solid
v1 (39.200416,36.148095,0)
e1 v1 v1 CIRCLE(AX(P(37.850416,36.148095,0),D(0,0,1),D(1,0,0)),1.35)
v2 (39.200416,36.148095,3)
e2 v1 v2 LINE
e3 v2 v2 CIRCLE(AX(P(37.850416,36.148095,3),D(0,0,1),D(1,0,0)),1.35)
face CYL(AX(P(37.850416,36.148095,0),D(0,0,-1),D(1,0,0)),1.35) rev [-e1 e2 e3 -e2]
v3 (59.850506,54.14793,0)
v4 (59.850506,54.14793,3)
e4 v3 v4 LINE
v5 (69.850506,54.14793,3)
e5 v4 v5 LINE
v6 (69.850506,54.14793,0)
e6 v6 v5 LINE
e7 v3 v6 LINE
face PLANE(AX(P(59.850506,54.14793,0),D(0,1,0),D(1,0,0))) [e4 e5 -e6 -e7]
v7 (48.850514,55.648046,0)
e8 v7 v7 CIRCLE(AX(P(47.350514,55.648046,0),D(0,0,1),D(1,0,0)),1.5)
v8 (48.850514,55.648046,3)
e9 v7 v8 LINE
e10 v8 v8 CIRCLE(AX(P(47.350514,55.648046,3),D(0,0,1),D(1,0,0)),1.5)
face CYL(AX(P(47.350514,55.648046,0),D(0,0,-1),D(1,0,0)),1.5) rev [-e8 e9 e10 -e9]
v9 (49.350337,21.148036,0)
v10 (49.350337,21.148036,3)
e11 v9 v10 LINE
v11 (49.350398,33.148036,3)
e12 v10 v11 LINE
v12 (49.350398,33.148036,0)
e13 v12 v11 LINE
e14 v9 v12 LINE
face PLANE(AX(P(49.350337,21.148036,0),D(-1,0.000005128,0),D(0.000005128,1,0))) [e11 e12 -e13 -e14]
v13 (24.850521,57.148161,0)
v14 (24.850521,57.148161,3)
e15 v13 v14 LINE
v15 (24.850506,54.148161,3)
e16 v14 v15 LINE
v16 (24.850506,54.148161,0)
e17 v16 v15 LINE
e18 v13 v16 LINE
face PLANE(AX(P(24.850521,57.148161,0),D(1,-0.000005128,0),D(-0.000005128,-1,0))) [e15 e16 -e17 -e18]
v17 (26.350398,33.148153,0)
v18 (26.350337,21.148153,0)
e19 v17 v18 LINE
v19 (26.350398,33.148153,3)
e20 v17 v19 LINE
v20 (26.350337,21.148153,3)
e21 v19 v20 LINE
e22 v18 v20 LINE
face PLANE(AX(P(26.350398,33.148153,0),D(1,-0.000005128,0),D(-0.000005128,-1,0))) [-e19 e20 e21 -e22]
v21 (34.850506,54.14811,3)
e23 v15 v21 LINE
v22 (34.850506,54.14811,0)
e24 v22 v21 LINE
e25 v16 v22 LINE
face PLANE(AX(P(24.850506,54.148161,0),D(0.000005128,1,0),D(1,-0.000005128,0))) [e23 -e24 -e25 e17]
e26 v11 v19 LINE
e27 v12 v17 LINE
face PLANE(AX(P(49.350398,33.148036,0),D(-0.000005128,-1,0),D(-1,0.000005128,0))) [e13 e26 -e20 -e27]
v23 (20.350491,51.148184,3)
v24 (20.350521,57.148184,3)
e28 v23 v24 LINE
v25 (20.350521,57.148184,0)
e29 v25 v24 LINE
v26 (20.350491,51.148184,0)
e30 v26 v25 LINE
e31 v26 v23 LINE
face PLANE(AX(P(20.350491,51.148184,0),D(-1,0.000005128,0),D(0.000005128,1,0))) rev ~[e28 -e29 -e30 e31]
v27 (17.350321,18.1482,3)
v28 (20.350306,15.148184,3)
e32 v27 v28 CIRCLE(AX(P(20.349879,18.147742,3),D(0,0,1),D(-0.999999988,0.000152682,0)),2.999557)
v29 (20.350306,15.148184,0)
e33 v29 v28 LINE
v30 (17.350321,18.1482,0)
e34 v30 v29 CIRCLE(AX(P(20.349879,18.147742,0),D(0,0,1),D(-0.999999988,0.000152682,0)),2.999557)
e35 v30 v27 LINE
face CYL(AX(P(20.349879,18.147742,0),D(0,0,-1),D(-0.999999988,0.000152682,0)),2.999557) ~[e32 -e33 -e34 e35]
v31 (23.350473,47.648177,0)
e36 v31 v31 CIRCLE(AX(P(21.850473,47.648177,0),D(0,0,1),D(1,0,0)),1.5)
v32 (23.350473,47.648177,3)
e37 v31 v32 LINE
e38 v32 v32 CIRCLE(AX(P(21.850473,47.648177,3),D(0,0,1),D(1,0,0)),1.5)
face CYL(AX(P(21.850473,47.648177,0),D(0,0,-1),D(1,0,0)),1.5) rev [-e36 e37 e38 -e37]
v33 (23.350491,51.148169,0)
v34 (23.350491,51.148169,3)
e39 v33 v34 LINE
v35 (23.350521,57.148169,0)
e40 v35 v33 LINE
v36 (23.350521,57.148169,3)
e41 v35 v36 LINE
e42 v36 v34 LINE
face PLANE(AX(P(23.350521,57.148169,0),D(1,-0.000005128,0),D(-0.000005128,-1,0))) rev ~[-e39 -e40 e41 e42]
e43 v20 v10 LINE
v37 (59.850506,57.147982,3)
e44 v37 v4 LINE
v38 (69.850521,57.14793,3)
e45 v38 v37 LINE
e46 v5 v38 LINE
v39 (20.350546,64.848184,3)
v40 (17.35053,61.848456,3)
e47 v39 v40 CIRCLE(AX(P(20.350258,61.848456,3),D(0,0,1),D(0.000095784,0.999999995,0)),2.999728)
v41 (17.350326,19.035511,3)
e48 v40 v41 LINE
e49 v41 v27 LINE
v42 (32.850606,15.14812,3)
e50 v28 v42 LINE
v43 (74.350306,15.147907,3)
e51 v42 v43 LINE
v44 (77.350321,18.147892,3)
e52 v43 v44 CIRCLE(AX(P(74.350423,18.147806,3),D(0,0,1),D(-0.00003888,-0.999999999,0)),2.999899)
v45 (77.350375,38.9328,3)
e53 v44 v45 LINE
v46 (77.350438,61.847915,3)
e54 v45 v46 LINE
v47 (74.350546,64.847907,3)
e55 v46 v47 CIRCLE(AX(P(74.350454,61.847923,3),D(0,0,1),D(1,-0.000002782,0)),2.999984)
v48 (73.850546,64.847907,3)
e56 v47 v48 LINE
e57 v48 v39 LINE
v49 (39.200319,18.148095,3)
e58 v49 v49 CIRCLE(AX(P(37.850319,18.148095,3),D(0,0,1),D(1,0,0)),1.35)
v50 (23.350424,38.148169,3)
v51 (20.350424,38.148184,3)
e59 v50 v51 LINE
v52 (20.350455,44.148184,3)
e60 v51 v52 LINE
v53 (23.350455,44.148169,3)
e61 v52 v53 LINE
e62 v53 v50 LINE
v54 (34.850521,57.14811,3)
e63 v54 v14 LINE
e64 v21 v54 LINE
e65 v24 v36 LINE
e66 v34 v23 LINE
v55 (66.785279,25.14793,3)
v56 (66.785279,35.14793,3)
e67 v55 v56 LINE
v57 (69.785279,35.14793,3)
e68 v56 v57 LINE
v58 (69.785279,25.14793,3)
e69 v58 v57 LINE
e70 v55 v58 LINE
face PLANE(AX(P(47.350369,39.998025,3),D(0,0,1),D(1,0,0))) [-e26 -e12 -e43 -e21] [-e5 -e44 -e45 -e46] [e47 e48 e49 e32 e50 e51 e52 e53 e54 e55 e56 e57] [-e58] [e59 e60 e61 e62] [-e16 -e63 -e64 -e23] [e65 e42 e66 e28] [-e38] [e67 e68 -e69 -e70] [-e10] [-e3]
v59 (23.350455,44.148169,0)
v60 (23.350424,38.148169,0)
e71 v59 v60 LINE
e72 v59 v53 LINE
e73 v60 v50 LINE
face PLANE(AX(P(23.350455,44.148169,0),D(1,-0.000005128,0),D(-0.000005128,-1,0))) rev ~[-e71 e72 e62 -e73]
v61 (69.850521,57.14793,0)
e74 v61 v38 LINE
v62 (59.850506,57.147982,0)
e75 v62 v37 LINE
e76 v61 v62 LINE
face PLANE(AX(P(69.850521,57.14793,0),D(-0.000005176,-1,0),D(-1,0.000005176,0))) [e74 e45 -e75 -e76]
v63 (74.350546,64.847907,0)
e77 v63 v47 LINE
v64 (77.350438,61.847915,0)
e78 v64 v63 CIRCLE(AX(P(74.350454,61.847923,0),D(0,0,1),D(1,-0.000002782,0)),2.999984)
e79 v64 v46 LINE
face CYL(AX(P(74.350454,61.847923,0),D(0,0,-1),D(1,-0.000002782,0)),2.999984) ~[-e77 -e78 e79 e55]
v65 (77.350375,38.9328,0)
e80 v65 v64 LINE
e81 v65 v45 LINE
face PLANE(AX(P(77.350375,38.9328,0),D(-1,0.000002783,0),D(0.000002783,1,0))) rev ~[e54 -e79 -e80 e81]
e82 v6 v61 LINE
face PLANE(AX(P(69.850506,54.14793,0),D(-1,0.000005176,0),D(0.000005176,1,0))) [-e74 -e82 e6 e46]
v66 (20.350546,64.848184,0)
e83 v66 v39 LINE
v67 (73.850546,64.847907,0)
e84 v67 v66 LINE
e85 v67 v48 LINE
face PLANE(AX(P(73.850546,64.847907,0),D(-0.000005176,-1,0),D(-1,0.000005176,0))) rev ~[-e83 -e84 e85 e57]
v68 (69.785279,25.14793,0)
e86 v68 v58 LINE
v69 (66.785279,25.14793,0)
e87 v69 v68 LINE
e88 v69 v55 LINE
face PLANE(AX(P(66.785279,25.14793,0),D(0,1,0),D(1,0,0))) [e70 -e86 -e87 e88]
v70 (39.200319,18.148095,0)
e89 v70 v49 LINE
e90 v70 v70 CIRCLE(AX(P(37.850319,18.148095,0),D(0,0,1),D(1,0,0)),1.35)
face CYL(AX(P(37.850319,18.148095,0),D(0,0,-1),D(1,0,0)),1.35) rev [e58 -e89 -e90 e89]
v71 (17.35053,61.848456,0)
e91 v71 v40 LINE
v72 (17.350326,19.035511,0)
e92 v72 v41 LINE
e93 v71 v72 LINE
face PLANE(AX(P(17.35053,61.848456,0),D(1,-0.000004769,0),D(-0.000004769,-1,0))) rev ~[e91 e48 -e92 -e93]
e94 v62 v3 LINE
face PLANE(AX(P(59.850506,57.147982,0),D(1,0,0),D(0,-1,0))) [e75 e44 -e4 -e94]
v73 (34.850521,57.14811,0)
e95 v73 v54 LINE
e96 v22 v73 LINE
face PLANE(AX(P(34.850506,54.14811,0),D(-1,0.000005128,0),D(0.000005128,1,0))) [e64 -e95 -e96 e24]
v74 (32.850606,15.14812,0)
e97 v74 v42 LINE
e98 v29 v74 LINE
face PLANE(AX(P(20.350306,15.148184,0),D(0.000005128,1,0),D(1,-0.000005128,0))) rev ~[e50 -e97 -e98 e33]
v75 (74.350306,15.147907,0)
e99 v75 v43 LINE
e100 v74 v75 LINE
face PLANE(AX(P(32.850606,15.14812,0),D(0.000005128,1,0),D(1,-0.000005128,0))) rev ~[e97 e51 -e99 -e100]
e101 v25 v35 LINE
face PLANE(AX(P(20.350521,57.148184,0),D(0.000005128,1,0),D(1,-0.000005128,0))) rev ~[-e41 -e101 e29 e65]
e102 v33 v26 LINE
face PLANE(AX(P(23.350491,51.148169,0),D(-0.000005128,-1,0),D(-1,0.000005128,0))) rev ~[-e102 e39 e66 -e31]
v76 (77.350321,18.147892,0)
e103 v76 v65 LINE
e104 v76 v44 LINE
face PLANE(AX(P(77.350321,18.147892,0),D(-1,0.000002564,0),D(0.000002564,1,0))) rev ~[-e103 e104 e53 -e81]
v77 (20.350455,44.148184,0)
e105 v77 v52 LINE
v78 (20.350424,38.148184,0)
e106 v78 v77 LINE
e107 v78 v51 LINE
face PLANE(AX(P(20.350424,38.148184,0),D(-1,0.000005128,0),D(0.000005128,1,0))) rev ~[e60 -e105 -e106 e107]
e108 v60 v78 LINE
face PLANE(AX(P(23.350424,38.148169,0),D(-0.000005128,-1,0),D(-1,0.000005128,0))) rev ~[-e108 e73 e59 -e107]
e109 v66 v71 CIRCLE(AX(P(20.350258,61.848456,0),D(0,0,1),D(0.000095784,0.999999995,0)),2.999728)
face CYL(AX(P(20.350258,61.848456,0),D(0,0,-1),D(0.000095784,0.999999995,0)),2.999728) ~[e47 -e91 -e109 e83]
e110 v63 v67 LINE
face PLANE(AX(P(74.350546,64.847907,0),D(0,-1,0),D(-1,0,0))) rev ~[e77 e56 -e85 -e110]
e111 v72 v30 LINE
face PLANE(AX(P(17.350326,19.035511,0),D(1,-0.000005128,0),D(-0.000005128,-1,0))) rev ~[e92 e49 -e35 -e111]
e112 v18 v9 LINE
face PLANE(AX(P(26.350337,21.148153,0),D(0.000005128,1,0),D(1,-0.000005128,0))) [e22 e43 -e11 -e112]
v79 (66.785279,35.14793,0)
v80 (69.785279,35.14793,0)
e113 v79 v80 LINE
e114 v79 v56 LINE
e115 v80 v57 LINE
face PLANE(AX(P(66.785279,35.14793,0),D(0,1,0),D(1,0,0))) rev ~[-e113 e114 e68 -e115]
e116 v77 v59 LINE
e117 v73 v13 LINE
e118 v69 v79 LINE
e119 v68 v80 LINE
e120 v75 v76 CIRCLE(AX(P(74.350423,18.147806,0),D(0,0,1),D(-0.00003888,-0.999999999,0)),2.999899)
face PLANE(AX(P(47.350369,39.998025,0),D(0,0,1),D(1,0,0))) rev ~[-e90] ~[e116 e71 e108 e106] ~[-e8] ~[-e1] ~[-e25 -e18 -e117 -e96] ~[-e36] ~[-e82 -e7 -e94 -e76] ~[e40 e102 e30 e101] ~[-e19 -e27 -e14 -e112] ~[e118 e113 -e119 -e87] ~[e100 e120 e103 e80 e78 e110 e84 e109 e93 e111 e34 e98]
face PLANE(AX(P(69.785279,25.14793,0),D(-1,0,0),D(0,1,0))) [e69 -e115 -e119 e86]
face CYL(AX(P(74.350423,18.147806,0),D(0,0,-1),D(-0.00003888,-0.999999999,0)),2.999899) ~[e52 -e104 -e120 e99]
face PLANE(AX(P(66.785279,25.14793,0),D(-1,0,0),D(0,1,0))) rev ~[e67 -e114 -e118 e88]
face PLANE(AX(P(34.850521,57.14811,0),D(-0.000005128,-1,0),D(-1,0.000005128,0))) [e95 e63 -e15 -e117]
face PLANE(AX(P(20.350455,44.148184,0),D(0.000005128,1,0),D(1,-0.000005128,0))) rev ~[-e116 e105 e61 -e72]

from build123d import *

# Parameters (mm, degrees)
MODEL_R             = 1.500000002
MODEL_R_2           = 1.35
MODEL_R_3           = 1.500000003
MODEL_W             = 3
MODEL_H             = 10
BOSS_EXTRUDE1_DEPTH = 3


with BuildPart() as part:
    # Model → Boss-Extrude1 (new body)
    with BuildSketch(Plane.XY):
        with BuildLine():
            Line((77.350374728, 38.932799758), (77.3504385, 61.847914879))
            ThreePointArc((77.3504385, 61.847914879), (76.471798677, 63.969197152), (74.350545547, 64.84790733))
            Line((74.350545547, 64.84790733), (73.850545547, 64.84790733))
            Line((73.850545547, 64.84790733), (20.350545547, 64.848184253))
            ThreePointArc((20.350545547, 64.848184253), (18.229231749, 63.96968584), (17.350530152, 61.848456197))
            Line((17.350530152, 61.848456197), (17.350325984, 19.035510771))
            Line((17.350325984, 19.035510771), (17.350321434, 18.148199638))
            ThreePointArc((17.350321434, 18.148199638), (18.228860554, 16.026745133), (20.350306049, 15.148184254))
            Line((20.350306049, 15.148184254), (32.850606049, 15.14812015))
            Line((32.850606049, 15.14812015), (74.350306048, 15.147907331))
            ThreePointArc((74.350306048, 15.147907331), (76.471660555, 16.026546451), (77.350321433, 18.147891946))
            Line((77.350321433, 18.147891946), (77.350374728, 38.932799758))
        make_face()
        with Locations((47.350513739, 55.648045793)):
            Circle(MODEL_R, mode=Mode.SUBTRACT)
        with Locations((37.850318867, 18.148094512)):
            Circle(MODEL_R_2, mode=Mode.SUBTRACT)
        with Locations((37.850416303, 36.148094512)):
            Circle(MODEL_R_2, mode=Mode.SUBTRACT)
        with Locations((21.850472716, 47.648176561)):
            Circle(MODEL_R_3, mode=Mode.SUBTRACT)
        Polygon((23.350454767, 44.148168869), (23.350423998, 38.148168869), (20.350423998, 38.148184254), (20.350454767, 44.148184254), align=None, mode=Mode.SUBTRACT)
        Polygon((23.350521434, 57.148168869), (23.350490665, 51.148168869), (20.350490665, 51.148184253), (20.350521434, 57.148184253), align=None, mode=Mode.SUBTRACT)
        Polygon((49.350336818, 21.148035536), (49.350398356, 33.148035536), (26.350398357, 33.148153484), (26.350336818, 21.148153485), align=None, mode=Mode.SUBTRACT)
        Polygon((34.850506049, 54.148109894), (34.850521434, 57.148109894), (24.850521434, 57.148161176), (24.850506049, 54.148161176), align=None, mode=Mode.SUBTRACT)
        Polygon((69.850505905, 54.147930167), (69.850521433, 57.147930167), (59.850505905, 57.147981929), (59.850505905, 54.147930167), align=None, mode=Mode.SUBTRACT)
        with Locations((68.28527947, 30.147930167)):
            Rectangle(MODEL_W, MODEL_H, mode=Mode.SUBTRACT)
    extrude(amount=BOSS_EXTRUDE1_DEPTH)


solid = part.part
